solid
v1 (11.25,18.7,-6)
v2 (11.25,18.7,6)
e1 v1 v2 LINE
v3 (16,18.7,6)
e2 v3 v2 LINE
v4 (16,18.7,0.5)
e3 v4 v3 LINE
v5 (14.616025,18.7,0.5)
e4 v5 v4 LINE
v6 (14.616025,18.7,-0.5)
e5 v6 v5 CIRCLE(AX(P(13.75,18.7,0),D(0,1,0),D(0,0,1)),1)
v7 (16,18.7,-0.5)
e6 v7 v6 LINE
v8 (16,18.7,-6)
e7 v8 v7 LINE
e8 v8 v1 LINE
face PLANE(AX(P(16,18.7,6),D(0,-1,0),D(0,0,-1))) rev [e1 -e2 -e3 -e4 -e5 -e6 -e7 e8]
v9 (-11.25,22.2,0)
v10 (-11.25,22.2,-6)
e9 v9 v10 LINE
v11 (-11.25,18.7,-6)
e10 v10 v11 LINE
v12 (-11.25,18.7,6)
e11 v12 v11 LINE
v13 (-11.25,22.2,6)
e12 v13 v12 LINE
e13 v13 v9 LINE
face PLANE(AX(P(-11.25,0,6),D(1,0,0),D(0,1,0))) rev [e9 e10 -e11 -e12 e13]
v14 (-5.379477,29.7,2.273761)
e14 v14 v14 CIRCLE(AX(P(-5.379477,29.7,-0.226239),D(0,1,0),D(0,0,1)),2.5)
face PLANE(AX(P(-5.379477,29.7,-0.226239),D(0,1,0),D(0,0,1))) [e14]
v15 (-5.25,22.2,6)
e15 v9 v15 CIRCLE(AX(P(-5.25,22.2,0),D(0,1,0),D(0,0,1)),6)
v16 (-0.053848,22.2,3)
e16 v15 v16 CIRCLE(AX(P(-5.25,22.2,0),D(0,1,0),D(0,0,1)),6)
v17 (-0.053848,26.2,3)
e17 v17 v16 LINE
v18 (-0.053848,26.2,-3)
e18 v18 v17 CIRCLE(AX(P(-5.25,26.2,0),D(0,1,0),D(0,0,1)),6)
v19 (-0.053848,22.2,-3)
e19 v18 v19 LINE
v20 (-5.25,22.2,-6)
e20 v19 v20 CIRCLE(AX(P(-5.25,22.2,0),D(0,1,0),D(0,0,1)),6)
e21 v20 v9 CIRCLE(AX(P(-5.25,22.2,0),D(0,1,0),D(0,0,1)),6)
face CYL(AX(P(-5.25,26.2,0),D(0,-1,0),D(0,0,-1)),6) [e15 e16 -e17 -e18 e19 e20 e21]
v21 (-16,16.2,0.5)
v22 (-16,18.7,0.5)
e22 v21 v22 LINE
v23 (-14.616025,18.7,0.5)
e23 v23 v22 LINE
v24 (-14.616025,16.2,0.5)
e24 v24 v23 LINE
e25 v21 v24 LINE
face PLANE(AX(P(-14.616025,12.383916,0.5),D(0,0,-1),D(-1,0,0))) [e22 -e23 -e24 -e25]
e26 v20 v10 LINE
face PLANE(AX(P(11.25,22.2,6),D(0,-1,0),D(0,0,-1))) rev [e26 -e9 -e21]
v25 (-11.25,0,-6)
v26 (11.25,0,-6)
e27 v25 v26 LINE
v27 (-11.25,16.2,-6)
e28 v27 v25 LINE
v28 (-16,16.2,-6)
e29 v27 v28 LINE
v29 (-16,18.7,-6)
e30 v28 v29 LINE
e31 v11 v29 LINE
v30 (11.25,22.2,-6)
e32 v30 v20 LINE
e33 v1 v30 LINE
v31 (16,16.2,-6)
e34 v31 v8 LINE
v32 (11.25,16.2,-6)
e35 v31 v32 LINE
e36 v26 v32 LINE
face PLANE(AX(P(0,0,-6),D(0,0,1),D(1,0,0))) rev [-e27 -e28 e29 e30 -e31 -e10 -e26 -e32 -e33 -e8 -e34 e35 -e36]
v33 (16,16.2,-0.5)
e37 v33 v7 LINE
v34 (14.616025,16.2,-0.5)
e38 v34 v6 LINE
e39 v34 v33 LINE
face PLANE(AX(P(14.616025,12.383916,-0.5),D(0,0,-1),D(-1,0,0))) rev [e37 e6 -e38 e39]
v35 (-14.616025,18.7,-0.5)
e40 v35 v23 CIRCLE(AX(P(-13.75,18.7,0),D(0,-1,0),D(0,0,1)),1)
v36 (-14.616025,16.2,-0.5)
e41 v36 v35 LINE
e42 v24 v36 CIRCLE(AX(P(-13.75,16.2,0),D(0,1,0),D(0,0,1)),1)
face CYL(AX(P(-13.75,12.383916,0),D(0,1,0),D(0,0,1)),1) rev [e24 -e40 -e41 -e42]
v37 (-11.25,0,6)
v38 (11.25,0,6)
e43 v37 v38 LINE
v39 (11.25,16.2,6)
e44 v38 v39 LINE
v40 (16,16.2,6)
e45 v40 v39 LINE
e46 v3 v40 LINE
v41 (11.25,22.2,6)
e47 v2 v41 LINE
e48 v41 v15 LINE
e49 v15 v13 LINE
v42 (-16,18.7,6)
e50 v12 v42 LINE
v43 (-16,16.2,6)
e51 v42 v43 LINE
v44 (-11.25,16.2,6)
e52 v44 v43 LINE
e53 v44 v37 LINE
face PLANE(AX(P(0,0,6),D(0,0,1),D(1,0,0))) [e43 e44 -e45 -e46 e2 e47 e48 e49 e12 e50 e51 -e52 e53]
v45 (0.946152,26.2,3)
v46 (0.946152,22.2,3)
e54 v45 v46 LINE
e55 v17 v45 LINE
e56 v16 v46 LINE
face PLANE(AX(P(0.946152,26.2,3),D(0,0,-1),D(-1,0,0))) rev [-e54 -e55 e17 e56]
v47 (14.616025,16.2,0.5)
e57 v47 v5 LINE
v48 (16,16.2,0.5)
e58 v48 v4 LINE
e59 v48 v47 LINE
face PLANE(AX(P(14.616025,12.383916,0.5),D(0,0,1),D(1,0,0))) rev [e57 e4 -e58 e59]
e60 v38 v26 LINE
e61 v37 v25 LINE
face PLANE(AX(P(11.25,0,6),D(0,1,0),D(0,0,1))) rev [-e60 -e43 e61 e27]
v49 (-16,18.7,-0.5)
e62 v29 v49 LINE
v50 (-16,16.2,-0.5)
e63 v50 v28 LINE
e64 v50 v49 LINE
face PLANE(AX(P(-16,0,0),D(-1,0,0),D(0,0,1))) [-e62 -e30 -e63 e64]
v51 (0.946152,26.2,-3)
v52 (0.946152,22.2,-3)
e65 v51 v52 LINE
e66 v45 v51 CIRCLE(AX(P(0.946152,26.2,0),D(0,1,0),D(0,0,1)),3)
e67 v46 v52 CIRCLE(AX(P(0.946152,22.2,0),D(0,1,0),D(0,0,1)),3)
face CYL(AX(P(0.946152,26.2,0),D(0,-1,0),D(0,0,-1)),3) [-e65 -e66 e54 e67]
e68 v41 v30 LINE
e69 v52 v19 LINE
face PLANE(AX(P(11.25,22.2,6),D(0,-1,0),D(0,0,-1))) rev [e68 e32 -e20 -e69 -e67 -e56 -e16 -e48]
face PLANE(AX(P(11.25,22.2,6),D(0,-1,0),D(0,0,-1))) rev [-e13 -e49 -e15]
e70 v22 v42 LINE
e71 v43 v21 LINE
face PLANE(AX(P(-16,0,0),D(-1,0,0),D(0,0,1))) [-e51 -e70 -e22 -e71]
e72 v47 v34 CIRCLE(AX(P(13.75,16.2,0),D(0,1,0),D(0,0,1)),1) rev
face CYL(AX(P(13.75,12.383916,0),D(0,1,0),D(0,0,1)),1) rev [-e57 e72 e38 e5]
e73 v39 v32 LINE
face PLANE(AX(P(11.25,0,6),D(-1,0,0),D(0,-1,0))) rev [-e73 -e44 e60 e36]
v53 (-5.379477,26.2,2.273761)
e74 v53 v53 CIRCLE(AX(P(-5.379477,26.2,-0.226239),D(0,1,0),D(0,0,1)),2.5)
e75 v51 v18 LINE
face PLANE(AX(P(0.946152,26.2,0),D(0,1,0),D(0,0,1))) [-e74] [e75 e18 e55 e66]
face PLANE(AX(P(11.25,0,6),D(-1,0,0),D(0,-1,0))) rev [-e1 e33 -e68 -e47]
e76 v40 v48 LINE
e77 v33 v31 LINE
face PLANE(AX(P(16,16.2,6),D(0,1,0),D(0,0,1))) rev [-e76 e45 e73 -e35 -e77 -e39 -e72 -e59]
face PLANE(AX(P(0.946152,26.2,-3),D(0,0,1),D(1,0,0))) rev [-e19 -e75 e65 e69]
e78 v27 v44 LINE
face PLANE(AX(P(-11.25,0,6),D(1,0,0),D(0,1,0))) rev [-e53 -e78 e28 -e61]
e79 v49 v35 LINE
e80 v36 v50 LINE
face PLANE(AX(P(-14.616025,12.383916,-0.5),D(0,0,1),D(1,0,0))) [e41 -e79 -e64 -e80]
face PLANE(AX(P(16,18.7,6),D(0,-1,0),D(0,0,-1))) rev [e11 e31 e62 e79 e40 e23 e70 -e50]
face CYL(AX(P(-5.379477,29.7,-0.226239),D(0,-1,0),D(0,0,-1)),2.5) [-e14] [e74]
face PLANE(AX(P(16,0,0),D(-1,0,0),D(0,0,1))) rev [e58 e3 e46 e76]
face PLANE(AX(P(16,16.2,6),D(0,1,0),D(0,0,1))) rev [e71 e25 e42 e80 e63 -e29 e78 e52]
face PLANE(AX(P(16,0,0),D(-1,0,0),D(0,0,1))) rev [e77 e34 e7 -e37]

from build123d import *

# Parameters (mm, degrees)
SKETCH1_W           = 22.5
SKETCH1_H           = 22.2
BOSS_EXTRUDE1_DEPTH = 6
BOSS_EXTRUDE2_DEPTH = 4
SKETCH3_R           = 2.5
BOSS_EXTRUDE3_DEPTH = 3.5
SKETCH4_W           = 12
SKETCH4_H           = 2.5
BOSS_EXTRUDE4_DEPTH = 16
CUT_EXTRUDE1_DEPTH  = 2.5


with BuildPart() as part:
    # Sketch1 → Boss-Extrude1 (new, symmetric)
    with BuildSketch(Plane.XY):
        with Locations((0, 11.1)):
            Rectangle(SKETCH1_W, SKETCH1_H)
    extrude(amount=BOSS_EXTRUDE1_DEPTH, both=True)

    # Sketch2 → Boss-Extrude2 (add)
    with BuildSketch(Plane(origin=(0, 22.2, 0), x_dir=(1, 0, 0), z_dir=(0, 1, 0))):
        with BuildLine():
            Line((0.946152423, 3), (-0.053847577, 3))
            ThreePointArc((-0.053847577, 3), (-11.25, 0), (-0.053847577, -3))
            Line((-0.053847577, -3), (0.946152423, -3))
            ThreePointArc((0.946152423, -3), (3.946152423, 0), (0.946152423, 3))
        make_face()
    extrude(amount=BOSS_EXTRUDE2_DEPTH)

    # Sketch3 → Boss-Extrude3 (add)
    with BuildSketch(Plane(origin=(0, 26.2, 0), x_dir=(1, 0, 0), z_dir=(0, 1, 0))):
        with Locations(Location((-5.379476527, 0.226239141, 0), (0, 0, 270))):
            Circle(SKETCH3_R)
    extrude(amount=BOSS_EXTRUDE3_DEPTH)

    # Sketch4 → Boss-Extrude4 (add, symmetric)
    with BuildSketch(Plane(origin=(0, 0, 0), x_dir=(0, 0, -1), z_dir=(1, 0, 0))):
        with Locations((0, 17.45)):
            Rectangle(SKETCH4_W, SKETCH4_H)
    extrude(amount=BOSS_EXTRUDE4_DEPTH, both=True)

    # Sketch5 → Cut-Extrude1 (cut)
    with BuildSketch(Plane(origin=(0, 18.7, 0), x_dir=(1, 0, 0), z_dir=(0, 1, 0))):
        with BuildLine():
            Line((14.616025404, 0.5), (16, 0.5))
            Line((16, 0.5), (16, -0.5))
            Line((16, -0.5), (14.616025404, -0.5))
            ThreePointArc((14.616025404, -0.5), (12.75, 0), (14.616025404, 0.5))
        make_face()
    cut_extrude1 = extrude(amount=-CUT_EXTRUDE1_DEPTH, mode=Mode.SUBTRACT)

    # Mirror1: Cut-Extrude1 across plane
    add(cut_extrude1.mirror(Plane(origin=(0, 0, 0), x_dir=(0, 0, 1), z_dir=(1, 0, 0))), mode=Mode.SUBTRACT)


solid = part.part
